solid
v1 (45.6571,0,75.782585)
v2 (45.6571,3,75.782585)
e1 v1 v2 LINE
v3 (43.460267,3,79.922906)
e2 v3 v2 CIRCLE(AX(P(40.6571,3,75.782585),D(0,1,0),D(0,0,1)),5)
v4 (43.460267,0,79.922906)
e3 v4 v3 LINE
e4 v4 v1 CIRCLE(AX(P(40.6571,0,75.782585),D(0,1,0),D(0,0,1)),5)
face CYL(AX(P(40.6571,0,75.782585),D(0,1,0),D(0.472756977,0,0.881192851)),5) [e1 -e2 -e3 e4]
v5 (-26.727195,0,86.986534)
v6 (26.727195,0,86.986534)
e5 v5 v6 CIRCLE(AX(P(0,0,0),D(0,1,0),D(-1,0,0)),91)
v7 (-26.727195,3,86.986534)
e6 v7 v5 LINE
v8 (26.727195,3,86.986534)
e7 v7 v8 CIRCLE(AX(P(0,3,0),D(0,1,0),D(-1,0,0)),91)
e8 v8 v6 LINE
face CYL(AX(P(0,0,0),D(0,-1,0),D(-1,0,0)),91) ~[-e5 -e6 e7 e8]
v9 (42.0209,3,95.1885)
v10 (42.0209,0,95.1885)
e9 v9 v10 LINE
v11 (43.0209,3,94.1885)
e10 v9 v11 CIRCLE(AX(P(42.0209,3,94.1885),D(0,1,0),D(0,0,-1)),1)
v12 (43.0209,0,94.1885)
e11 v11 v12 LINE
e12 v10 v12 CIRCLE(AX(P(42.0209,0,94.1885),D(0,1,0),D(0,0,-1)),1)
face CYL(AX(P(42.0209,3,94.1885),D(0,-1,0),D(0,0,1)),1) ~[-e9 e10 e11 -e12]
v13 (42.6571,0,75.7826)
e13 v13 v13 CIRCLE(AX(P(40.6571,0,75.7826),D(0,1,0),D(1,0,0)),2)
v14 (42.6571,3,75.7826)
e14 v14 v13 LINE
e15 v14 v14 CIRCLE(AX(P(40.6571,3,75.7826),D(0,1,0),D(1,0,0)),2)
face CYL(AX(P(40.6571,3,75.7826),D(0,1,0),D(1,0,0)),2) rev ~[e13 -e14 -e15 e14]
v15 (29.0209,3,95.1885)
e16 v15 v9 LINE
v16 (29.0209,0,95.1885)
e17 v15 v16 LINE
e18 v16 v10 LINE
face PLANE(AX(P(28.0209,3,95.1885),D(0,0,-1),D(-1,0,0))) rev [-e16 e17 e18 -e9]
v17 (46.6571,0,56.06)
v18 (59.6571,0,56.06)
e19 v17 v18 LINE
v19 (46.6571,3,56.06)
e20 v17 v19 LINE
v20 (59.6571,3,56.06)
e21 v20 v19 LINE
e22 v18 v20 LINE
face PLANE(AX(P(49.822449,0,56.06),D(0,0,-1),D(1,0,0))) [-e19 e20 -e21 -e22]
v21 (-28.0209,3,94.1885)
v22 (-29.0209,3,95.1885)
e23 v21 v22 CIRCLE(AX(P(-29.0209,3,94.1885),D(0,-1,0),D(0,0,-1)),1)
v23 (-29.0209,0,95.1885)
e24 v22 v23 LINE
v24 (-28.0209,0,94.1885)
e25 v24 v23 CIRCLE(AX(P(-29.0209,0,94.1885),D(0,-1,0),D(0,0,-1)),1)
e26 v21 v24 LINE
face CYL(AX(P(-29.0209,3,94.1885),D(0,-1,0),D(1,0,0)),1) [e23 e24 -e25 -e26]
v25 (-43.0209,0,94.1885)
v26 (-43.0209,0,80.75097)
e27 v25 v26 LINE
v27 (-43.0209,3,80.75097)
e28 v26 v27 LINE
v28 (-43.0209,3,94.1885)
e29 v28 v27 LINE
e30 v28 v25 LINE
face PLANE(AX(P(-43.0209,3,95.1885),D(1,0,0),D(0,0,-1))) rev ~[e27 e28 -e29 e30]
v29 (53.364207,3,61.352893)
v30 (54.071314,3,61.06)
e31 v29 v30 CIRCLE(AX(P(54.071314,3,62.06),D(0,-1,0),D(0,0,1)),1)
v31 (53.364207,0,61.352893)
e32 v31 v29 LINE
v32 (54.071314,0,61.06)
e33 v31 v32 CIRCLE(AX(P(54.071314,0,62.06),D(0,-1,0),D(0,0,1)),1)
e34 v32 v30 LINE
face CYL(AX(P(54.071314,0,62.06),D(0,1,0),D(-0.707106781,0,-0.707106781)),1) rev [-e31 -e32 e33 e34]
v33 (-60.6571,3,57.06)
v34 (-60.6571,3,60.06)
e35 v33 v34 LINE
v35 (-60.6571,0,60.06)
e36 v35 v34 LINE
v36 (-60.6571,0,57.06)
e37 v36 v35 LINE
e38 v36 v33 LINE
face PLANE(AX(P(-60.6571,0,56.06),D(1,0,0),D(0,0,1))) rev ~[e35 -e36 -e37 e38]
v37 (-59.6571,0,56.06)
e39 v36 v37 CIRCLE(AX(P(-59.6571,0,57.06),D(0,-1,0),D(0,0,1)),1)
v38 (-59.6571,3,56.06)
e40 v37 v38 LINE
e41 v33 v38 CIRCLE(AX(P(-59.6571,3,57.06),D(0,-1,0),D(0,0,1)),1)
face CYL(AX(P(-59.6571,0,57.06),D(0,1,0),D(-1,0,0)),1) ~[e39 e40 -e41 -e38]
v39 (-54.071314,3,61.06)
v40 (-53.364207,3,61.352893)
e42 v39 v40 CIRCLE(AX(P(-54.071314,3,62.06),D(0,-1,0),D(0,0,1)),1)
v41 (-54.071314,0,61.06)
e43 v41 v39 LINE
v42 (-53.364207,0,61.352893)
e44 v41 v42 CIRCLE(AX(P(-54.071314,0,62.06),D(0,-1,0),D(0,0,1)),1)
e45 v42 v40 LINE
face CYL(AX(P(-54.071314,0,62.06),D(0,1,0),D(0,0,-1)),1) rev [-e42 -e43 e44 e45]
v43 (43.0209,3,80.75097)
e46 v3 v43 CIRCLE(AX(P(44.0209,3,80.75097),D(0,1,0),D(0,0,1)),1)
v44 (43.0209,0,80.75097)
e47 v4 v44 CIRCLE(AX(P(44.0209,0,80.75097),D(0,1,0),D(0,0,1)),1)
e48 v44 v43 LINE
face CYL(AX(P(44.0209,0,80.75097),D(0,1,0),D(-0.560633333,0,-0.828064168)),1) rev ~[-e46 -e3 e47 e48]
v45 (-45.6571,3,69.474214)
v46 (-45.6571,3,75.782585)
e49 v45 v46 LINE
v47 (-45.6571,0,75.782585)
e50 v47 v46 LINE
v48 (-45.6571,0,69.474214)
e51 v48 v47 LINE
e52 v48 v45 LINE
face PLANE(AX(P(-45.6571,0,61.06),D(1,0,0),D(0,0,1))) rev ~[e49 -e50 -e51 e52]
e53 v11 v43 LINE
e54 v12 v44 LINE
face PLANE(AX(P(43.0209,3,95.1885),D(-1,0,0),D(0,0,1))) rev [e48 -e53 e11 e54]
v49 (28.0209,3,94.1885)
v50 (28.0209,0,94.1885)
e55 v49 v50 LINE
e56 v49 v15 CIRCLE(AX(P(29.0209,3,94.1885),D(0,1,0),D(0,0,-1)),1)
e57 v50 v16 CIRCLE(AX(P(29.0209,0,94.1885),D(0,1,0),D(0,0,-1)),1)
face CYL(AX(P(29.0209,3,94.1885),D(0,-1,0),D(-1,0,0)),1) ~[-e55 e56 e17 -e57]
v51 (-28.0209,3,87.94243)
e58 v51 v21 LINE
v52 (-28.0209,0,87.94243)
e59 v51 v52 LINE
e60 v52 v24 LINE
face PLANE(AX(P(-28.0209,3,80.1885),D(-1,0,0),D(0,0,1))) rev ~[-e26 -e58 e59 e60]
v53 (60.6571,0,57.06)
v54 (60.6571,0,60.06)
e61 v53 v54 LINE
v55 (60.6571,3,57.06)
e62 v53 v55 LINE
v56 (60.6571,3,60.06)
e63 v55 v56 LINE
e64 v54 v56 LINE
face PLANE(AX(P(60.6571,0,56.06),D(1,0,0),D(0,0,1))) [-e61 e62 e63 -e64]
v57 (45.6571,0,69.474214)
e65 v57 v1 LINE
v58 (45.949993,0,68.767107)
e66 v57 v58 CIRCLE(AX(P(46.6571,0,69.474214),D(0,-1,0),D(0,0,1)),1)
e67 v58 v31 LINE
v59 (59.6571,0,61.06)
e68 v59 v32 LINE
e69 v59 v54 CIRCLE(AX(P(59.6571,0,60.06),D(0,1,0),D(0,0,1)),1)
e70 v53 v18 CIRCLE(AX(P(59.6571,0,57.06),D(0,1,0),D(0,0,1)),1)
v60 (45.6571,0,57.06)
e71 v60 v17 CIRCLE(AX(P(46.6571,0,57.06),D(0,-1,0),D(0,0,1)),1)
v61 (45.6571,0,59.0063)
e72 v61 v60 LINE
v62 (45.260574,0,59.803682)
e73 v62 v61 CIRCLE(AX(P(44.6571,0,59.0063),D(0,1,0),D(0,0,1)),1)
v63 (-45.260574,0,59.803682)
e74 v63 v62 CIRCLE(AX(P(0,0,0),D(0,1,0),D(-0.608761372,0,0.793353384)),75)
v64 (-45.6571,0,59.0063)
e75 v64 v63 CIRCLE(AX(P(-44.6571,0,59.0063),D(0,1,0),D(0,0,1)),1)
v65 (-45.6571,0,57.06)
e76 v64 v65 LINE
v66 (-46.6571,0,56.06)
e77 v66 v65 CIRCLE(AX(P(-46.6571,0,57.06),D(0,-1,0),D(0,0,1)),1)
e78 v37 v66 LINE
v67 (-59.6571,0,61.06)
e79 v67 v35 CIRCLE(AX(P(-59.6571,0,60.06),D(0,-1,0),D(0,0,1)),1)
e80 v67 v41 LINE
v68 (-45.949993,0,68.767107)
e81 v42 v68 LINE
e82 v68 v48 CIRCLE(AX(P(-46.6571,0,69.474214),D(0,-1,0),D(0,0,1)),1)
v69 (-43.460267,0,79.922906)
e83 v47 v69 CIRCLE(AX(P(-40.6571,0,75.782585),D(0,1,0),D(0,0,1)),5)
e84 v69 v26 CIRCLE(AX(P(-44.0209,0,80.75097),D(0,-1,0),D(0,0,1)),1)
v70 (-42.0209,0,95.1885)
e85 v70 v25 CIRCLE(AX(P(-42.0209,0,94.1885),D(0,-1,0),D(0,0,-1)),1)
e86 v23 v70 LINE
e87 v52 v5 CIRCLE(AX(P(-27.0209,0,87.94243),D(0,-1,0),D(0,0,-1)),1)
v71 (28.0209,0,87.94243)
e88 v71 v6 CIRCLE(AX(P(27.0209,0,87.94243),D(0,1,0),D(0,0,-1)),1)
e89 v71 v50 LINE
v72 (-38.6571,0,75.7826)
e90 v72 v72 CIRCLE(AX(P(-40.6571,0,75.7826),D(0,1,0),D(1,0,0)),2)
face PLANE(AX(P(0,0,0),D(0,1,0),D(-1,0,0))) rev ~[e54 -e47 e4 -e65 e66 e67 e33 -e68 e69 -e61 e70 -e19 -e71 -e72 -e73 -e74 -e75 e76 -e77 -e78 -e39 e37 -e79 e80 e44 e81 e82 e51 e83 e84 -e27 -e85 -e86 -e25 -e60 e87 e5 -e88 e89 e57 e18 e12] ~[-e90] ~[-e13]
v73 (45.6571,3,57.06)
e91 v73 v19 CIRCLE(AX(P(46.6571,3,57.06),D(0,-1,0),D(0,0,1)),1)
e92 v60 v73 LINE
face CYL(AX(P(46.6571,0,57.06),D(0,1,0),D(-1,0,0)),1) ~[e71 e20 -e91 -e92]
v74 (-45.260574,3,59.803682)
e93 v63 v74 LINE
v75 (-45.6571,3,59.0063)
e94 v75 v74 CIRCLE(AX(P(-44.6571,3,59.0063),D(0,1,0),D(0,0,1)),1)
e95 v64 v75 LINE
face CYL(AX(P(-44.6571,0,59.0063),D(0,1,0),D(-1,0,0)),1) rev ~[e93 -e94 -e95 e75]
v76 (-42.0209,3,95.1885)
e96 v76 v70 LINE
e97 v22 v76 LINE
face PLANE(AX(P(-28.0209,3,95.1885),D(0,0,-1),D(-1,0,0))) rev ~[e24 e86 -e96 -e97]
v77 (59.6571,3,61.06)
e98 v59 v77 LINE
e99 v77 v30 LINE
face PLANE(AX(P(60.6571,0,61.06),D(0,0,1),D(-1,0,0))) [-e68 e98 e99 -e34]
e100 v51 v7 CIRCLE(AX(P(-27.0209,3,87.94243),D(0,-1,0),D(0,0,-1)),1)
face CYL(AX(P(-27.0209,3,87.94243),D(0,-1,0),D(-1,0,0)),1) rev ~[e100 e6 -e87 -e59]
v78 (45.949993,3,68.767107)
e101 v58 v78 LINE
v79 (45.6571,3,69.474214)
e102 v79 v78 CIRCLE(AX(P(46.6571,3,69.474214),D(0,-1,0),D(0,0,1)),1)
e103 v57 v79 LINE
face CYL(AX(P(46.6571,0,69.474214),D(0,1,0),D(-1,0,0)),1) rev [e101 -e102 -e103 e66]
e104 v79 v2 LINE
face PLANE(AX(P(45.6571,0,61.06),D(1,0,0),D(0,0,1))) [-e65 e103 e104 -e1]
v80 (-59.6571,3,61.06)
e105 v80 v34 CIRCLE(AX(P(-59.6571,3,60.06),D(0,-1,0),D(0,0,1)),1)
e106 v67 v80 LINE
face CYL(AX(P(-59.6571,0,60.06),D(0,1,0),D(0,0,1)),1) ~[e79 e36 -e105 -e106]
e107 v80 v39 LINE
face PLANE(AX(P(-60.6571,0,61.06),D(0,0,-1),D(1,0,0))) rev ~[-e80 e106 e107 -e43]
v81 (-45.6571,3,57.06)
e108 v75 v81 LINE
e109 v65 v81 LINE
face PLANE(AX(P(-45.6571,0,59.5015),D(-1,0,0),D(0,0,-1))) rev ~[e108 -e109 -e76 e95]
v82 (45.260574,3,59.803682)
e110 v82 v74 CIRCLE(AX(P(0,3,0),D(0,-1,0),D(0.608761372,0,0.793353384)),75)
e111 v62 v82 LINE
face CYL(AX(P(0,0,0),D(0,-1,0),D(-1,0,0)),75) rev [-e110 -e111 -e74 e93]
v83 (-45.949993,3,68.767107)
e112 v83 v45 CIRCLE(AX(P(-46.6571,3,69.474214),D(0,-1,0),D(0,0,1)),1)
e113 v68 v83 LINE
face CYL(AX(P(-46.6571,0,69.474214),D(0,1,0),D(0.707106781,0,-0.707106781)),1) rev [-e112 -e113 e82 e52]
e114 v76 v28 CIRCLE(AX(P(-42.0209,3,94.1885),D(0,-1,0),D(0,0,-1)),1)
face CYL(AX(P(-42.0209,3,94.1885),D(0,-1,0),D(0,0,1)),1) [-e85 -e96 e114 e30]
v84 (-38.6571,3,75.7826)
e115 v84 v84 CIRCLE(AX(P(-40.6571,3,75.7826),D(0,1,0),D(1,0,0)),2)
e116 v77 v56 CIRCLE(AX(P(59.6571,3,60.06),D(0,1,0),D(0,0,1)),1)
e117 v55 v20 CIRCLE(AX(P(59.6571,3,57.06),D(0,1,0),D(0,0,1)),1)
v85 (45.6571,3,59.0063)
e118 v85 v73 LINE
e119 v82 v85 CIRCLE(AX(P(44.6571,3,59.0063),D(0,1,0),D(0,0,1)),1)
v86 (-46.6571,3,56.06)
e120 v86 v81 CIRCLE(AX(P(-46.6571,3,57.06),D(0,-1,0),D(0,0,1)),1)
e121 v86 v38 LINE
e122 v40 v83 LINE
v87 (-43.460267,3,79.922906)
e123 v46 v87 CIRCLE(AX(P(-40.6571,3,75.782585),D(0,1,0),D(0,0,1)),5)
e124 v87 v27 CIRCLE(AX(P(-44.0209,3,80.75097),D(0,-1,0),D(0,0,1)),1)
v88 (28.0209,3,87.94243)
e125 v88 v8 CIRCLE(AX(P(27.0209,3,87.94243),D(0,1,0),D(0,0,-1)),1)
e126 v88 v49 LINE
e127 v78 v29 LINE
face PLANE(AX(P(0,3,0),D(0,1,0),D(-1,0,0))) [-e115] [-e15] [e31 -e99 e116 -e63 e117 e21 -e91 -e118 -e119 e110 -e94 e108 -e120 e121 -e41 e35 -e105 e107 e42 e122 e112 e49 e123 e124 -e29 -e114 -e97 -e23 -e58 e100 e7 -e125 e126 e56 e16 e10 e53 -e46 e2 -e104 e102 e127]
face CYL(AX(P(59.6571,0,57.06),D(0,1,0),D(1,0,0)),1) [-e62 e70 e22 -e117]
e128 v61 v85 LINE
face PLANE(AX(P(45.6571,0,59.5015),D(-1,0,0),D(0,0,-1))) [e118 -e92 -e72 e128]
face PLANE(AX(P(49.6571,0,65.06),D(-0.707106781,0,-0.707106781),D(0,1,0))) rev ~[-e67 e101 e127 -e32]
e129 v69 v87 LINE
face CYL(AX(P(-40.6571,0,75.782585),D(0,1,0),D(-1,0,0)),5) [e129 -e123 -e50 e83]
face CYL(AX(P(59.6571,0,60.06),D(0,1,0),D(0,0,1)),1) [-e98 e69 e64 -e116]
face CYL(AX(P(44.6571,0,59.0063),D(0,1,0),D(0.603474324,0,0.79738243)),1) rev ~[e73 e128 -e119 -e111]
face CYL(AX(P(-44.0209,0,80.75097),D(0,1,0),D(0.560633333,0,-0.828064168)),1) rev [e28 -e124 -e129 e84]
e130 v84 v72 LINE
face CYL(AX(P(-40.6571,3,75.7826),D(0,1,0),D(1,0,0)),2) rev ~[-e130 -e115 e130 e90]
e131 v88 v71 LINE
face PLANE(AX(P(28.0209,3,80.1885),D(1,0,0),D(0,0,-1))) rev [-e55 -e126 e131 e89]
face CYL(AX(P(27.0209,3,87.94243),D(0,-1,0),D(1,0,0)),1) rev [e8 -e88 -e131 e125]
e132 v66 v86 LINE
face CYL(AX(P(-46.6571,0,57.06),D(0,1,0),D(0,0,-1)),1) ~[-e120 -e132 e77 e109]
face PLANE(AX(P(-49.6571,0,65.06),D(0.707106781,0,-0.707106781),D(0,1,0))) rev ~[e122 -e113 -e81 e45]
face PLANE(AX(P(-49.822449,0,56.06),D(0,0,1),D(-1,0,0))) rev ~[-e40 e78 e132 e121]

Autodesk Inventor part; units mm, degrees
ref_plane "YZ Plane" through (0, 0, 0) normal (1, 0, 0) x (0, 1, 0)
ref_plane "XZ Plane" through (0, 0, 0) normal (0, 1, 0) x (-1, 0, 0)
ref_plane "XY Plane" through (0, 0, 0) normal (0, 0, 1) x (1, 0, 0)
sketch "Sketch1" plane through (0, 0, 0) normal (0, 1, 0) x (-1, 0, 0)
  circle A0 centre (0, 0) radius 75
  line L0 (0, 0) -> (45.6571, 59.5015)
  line L1 (0, 0) -> (-45.6571, 59.5015)
  line L2 (0, 0) -> (0, 75)
  circle A1 centre (0, 0) radius 72.3
  circle A2 centre (0, 0) radius 91
  line L3 (45.6571, 59.5015) -> (45.6571, 56.06)
  line L4 (45.6571, 56.06) -> (60.6571, 56.06)
  line L5 (45.6571, 59.5015) -> (45.6571, 78.7174)
  line L6 (60.6571, 56.06) -> (60.6571, 61.06)
  line L7 (60.6571, 61.06) -> (45.6571, 61.06)
  line L8 (-45.6571, 59.5015) -> (-45.6571, 56.06)
  line L9 (-45.6571, 56.06) -> (-60.6571, 56.06)
  line L10 (-45.6571, 59.5015) -> (-45.6571, 78.7174)
  line L11 (-60.6571, 56.06) -> (-60.6571, 61.06)
  line L12 (-60.6571, 61.06) -> (-45.6571, 61.06)
  point P0 (44.0135, 57.3594)
  point P1 (-44.0135, 57.3594)
  dimension "d0" = 150
  dimension "d1" = 37.5
  dimension "d2" = 37.5
  dimension "d3" = 2.7
  dimension "d9" = 16
  dimension "d21" = 15
  dimension "d22" = 5
extrude "Extrusion1" add sketch "Sketch1" along normal blind 3 contours L5 L7 L6 L4 A0 | A0 L4 L3 | A0 L10 A2 L5 | L8 L9 A0 | A0 L9 L11 L12 L10
fillet "Fillet2" radius 5 2 edges at (-45.6571, 1.5, 78.7174) (45.6571, 1.5, 78.7174)
sketch "Sketch2" plane through (0, 3, 0) normal (0, 1, 0) x (1, 0, 0)
  circle A0 centre (-40.6571, -75.7826) radius 2
  circle A1 centre (40.6571, -75.7826) radius 2
  arc A2 (43.0209, -80.1885) -> (45.6571, -75.7826) centre (40.6571, -75.7826) ccw projected
  arc A3 (-45.6571, -75.7826) -> (-43.0209, -80.1885) centre (-40.6571, -75.7826) ccw projected
  point P0 (0, 0)
  dimension "d17" = 4
  dimension "d18" = 4
extrude "Extrusion2" cut sketch "Sketch2" against normal blind 3
fillet "Fillet5" radius 1 8 edges at (45.6571, 1.5, 56.06) (45.6571, 1.5, 59.5015) (60.6571, 1.5, 56.06) (60.6571, 1.5, 61.06) (-45.6571, 1.5, 56.06) (-45.6571, 1.5, 59.5015) (-60.6571, 1.5, 56.06) (-60.6571, 1.5, 61.06)
chamfer "Chamfer1" distance 8 angle 45 2 edges at (-45.6571, 1.5, 61.06) (45.6571, 1.5, 61.06)
fillet "Fillet7" radius 1 4 edges at (-53.6571, 1.5, 61.06) (-45.6571, 1.5, 69.06) (45.6571, 1.5, 69.06) (53.6571, 1.5, 61.06)
sketch "Sketch3" plane through (0, 3, 0) normal (0, 1, 0) x (1, 0, 0)
  arc A0 (-45.6571, -75.7826) -> (-43.0209, -80.1885) centre (-40.6571, -75.7826) ccw projected
  line L0 (-43.0209, -80.1885) -> (-28.0209, -80.1885)
  line L1 (-28.0209, -80.1885) -> (-28.0209, -95.1885)
  line L2 (-28.0209, -95.1885) -> (-43.0209, -95.1885)
  line L3 (-43.0209, -95.1885) -> (-43.0209, -80.1885)
  point P0 (0, 0)
  point P1 (-35.5209, -80.1885)
  dimension "d31" = 15
  dimension "d32" = 15
extrude "Extrusion3" add sketch "Sketch3" against normal blind 3
fillet "Fillet8" radius 1 3 edges at (-43.0209, 1.5, 80.1885) (-43.0209, 1.5, 95.1885) (-28.0209, 1.5, 95.1885)
fillet "Fillet9" radius 1 1 edges at (-28.0209, 1.5, 86.5785)
mirror "Mirror1" about plane through (0, 0, 0) normal (1, 0, 0) of "Extrusion3", "Fillet8", "Fillet9"
properties part number "Parte B bastantes piezas"
